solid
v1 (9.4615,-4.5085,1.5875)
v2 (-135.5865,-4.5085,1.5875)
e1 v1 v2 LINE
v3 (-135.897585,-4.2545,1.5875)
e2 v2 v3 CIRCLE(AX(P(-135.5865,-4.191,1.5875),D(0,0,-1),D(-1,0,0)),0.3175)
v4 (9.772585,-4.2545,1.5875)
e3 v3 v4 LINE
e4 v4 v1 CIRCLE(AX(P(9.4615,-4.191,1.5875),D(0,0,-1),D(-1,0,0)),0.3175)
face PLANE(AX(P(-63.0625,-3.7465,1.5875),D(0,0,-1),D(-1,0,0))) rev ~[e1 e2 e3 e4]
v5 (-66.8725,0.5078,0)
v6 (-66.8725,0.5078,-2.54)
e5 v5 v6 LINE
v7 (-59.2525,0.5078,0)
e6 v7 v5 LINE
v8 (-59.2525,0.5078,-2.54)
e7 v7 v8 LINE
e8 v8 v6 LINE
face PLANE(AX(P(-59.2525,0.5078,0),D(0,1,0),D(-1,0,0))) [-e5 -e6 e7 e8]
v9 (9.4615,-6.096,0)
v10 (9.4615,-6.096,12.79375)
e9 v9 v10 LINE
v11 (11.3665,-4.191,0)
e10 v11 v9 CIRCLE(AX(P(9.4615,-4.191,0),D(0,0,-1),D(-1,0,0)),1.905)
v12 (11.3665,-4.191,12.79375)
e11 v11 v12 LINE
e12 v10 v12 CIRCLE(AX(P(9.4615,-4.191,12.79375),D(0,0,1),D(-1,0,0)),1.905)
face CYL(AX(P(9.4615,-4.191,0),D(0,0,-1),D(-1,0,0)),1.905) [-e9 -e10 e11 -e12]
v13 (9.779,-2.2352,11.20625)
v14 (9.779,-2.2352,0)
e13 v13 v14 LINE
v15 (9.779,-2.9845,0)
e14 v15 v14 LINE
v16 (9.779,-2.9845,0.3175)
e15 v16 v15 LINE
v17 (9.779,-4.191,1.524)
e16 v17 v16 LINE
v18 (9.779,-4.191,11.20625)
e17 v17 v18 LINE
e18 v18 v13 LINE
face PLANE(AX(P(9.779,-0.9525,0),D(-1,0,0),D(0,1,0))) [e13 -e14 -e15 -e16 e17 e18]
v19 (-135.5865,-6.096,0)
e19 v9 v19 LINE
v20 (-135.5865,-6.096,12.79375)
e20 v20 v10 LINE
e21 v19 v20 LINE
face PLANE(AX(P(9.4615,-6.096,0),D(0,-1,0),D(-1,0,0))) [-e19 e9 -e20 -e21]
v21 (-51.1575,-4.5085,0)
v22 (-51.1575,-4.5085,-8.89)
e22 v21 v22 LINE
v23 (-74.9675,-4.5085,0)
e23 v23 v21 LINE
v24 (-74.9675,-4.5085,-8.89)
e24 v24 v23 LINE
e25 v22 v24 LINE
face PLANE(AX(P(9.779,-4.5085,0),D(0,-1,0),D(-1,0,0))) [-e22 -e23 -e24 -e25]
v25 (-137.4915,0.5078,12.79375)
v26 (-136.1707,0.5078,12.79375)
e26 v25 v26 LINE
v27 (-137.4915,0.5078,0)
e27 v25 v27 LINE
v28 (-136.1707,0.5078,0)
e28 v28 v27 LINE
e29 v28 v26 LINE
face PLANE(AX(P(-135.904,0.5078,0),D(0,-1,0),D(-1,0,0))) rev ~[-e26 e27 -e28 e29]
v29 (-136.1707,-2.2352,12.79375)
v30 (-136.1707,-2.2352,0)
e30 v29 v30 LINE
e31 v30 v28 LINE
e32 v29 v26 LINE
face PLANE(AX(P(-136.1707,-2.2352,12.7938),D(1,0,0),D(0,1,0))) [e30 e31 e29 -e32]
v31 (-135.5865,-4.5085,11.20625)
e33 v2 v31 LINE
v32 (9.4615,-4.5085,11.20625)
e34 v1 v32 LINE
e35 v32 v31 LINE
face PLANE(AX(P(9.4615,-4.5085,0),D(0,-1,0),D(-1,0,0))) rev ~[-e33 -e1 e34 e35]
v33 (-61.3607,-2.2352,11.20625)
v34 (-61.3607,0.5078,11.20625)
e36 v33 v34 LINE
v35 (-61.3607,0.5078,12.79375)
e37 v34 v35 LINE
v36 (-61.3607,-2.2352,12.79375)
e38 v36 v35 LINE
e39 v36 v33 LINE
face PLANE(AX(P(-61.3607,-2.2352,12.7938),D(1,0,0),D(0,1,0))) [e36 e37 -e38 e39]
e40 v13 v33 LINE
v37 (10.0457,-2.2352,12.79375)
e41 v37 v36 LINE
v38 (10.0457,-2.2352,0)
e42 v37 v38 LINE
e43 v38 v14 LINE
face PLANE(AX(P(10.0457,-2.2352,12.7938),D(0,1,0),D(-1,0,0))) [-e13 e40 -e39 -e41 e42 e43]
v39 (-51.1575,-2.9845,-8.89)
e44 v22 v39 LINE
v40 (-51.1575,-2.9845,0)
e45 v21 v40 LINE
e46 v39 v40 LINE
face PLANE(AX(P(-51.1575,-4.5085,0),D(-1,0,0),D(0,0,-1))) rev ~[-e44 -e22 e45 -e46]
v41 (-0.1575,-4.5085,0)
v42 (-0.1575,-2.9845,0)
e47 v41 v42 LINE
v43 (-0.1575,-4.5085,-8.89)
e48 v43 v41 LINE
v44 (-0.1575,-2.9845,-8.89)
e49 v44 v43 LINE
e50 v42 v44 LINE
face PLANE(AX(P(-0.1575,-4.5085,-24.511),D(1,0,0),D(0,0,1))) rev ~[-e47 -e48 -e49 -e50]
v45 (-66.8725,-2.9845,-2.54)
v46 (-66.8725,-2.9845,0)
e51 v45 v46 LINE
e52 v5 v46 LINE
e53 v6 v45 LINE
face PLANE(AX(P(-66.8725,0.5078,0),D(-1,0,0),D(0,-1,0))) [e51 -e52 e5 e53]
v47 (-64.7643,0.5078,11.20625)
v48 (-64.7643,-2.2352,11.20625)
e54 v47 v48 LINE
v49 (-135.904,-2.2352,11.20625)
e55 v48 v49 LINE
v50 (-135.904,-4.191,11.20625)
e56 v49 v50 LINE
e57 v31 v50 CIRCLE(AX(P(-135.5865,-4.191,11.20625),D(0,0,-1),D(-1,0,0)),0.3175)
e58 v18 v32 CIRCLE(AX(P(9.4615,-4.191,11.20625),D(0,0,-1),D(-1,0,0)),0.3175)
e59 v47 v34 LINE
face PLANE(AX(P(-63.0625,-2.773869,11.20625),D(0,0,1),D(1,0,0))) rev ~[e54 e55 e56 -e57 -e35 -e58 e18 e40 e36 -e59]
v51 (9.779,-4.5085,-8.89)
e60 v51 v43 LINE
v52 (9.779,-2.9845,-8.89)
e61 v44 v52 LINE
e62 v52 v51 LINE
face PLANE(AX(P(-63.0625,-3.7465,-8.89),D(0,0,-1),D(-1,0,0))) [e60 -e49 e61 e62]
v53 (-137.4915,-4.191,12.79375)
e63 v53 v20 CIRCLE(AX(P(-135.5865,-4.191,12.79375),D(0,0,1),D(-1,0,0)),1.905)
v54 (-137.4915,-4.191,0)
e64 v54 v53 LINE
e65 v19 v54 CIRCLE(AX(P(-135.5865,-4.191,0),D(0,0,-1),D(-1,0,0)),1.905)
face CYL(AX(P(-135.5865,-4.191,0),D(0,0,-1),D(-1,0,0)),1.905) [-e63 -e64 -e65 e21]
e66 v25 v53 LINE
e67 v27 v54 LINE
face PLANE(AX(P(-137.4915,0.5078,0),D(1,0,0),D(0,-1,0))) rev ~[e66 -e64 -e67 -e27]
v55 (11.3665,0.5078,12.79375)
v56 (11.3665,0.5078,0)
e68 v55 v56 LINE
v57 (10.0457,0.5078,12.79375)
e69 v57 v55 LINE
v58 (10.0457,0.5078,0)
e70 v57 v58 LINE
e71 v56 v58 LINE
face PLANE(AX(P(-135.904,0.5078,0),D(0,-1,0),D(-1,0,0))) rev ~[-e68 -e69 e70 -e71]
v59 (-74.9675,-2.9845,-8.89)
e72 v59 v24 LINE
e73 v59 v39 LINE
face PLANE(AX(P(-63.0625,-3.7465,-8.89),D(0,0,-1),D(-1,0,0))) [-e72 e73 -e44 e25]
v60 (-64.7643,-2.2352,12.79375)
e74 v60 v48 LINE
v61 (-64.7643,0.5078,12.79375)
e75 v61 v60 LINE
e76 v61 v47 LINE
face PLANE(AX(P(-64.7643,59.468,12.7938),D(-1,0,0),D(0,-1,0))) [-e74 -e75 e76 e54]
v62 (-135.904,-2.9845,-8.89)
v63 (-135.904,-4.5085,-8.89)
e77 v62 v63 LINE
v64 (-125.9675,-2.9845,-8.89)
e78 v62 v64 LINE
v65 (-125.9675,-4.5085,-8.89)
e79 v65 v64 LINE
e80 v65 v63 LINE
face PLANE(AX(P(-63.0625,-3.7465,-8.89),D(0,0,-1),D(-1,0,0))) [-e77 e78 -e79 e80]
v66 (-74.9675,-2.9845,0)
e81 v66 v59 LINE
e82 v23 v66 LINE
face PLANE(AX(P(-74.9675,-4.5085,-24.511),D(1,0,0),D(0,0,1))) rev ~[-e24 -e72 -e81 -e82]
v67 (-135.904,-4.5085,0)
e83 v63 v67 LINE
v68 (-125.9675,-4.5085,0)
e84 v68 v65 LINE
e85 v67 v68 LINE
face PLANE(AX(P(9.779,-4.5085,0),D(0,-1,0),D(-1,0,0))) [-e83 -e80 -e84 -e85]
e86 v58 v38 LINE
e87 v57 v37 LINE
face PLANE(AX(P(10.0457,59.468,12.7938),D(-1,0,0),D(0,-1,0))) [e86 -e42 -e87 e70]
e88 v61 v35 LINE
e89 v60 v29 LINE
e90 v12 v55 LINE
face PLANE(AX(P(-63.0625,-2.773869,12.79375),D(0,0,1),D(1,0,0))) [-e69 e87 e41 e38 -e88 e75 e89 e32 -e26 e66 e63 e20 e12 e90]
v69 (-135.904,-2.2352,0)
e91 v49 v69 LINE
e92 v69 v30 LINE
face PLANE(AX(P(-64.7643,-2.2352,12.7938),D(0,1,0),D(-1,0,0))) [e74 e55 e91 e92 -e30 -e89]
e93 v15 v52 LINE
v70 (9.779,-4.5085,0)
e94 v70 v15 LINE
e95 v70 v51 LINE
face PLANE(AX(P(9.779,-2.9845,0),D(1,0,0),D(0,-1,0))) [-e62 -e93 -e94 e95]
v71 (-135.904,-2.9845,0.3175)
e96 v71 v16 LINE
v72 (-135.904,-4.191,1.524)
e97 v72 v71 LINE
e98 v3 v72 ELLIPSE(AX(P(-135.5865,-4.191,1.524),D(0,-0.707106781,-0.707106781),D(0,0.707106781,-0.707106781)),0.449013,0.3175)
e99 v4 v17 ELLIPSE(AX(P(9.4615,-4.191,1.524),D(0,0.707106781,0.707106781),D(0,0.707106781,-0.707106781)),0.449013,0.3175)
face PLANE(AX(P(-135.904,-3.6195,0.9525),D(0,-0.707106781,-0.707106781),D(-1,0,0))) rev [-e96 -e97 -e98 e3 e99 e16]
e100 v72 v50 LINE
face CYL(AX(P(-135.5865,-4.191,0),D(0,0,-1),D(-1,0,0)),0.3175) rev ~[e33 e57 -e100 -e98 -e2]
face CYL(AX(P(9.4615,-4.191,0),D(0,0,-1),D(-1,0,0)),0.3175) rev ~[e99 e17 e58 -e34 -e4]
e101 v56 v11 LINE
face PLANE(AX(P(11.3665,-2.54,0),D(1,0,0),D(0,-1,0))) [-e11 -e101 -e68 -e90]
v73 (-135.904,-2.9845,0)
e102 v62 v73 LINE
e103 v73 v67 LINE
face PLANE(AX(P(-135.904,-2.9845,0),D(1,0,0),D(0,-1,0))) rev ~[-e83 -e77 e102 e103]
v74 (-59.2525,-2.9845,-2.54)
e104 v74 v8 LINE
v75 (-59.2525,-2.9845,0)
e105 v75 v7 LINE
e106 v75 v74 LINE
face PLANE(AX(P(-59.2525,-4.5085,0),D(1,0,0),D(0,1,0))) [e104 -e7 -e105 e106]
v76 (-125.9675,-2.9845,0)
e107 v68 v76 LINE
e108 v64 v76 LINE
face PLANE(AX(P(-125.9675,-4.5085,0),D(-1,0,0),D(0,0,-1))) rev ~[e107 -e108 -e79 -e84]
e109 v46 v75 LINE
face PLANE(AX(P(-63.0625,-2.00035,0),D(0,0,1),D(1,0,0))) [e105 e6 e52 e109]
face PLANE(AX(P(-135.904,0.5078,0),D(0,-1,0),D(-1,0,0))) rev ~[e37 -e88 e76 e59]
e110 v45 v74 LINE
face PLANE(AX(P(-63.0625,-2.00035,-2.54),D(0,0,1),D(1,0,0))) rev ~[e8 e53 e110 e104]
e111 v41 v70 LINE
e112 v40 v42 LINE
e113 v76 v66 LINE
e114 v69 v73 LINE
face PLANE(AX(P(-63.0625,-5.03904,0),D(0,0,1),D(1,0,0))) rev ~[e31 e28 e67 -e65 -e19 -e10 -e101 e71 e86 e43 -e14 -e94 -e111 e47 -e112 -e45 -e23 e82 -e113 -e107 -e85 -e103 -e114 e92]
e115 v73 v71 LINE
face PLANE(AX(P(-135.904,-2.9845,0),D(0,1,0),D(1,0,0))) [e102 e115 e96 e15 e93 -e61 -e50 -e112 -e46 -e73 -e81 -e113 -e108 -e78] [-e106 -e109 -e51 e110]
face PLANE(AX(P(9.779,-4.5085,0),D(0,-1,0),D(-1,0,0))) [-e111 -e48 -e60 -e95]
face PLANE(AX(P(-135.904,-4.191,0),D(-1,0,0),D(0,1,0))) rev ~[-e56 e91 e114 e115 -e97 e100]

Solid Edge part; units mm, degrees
sketch "Sketch1" plane through (-62.4275, 25.9494, 0) normal (0, 0, 1) x (-1, 0, 0)
  line L0 (75.064, 25.4416) -> (75.064, 28.4894)
  line L1 (75.064, 30.1404) -> (75.064, 28.4894)
  arc A0 (73.159, 32.0454) -> (75.064, 30.1404) centre (73.159, 30.1404) cw
  line L2 (-71.889, 32.0454) -> (73.159, 32.0454)
  arc A1 (-73.794, 30.1404) -> (-71.889, 32.0454) centre (-71.889, 30.1404) cw
  line L3 (-73.794, 28.4894) -> (-73.794, 30.1404)
  line L4 (-73.794, 28.4894) -> (-73.794, 25.4416)
  line L5 (-73.794, 25.4416) -> (-72.2065, 25.4416)
  line L6 (-72.2065, 26.9019) -> (-72.2065, 25.4416)
  line L7 (-72.2065, 26.9019) -> (-72.2065, 30.1404)
  arc A2 (-72.2065, 30.1404) -> (-71.889, 30.4579) centre (-71.889, 30.1404) cw
  line L8 (-71.889, 30.4579) -> (73.159, 30.4579)
  arc A3 (73.159, 30.4579) -> (73.4765, 30.1404) centre (73.159, 30.1404) cw
  line L9 (73.4765, 30.1404) -> (73.4765, 26.9019)
  line L10 (73.4765, 25.4416) -> (73.4765, 26.9019)
  line L11 (73.4765, 25.4416) -> (75.064, 25.4416)
extrude "Protrusion1" add sketch "Sketch1" along normal up to vertex (12 mm away)
sketch "Sketch2" plane through (-62.4275, -3.81, 12) normal (0, 0, 1) x (-1, 0, 0)
  line L0 (75.064, -4.3178) -> (75.064, 0.381)
  arc A0 (75.064, 0.381) -> (73.159, 2.286) centre (73.159, 0.381) ccw
  line L1 (73.159, 2.286) -> (-71.889, 2.286)
  arc A1 (-71.889, 2.286) -> (-73.794, 0.381) centre (-71.889, 0.381) ccw
  line L2 (-73.794, -1.27) -> (-73.794, 0.381)
  line L3 (-73.794, -1.27) -> (-73.794, -4.3178)
  line L4 (75.064, -4.3178) -> (-73.794, -4.3178)
extrude "Protrusion2" add sketch "Sketch2" along normal mid plane 1.5875
sketch "Sketch3" plane through (-62.4275, -3.81, 12.7938) normal (0, 0, 1) x (-1, 0, 0)
  line L0 (73.7432, -1.5748) -> (73.7432, -63.278)
  line L1 (73.7432, -63.278) -> (2.3368, -63.278)
  line L2 (2.3368, -63.278) -> (2.3368, -1.5748)
  line L3 (2.3368, -1.5748) -> (73.7432, -1.5748)
  line L4 (-72.4732, -63.278) -> (-72.4732, -1.5748)
  line L5 (-72.4732, -1.5748) -> (-1.0668, -1.5748)
  line L6 (-1.0668, -1.5748) -> (-1.0668, -63.278)
  line L7 (-1.0668, -63.278) -> (-72.4732, -63.278)
  dimension "D1" = 0.2032
  dimension "D2" = 0.2032
extrude "Cutout1" cut sketch "Sketch3" against normal up to vertex (12.7938 mm away)
sketch "Sketch4" plane through (-62.4275, -2.7941, 0) normal (0, 0, -1) x (-1, 0, 0)
  line L0 (73.4765, -0.1904) -> (-72.2065, -0.1904)
  line L1 (-72.2065, -0.1904) -> (-72.2065, -1.7144)
  line L2 (-72.2065, -1.7144) -> (73.4765, -1.7144)
  line L3 (73.4765, -0.1904) -> (73.4765, -1.7144)
extrude "ExtrudedProtrusion_3" add sketch "Sketch4" against normal blind 1.5875 and the other way blind 8.89
chamfer "Chamfer_1" distance 1.27 angle 45 1 edges at (-63.0625, -2.9845, 1.5875)
sketch "Sketch5" plane through (-62.4275, -2.7941, 0) normal (0, 0, -1) x (-1, 0, 0)
  line L0 (-3.175, -1.7144) -> (-3.175, 3.3019)
  line L1 (-3.175, 3.3019) -> (4.445, 3.3019)
  line L2 (4.445, 3.3019) -> (4.445, -1.7144)
  line L3 (4.445, -1.7144) -> (-3.175, -1.7144)
extrude "ExtrudedProtrusion_4" add sketch "Sketch5" along normal blind 2.54
sketch "Sketch6" plane through (-62.4275, -4.5085, -4.445) normal (0, -1, 0) x (1, 0, 0)
  line L0 (11.27, -20.066) -> (62.27, -20.066)
  line L1 (62.27, -20.066) -> (62.27, 4.445)
  line L2 (62.27, 4.445) -> (11.27, 4.445)
  line L3 (11.27, 4.445) -> (11.27, -20.066)
  line L4 (-63.54, -20.066) -> (-12.54, -20.066)
  line L5 (-12.54, -20.066) -> (-12.54, 4.445)
  line L6 (-12.54, 4.445) -> (-63.54, 4.445)
  line L7 (-63.54, 4.445) -> (-63.54, -20.066)
extrude "Cutout2" cut sketch "Sketch6" against normal through all
